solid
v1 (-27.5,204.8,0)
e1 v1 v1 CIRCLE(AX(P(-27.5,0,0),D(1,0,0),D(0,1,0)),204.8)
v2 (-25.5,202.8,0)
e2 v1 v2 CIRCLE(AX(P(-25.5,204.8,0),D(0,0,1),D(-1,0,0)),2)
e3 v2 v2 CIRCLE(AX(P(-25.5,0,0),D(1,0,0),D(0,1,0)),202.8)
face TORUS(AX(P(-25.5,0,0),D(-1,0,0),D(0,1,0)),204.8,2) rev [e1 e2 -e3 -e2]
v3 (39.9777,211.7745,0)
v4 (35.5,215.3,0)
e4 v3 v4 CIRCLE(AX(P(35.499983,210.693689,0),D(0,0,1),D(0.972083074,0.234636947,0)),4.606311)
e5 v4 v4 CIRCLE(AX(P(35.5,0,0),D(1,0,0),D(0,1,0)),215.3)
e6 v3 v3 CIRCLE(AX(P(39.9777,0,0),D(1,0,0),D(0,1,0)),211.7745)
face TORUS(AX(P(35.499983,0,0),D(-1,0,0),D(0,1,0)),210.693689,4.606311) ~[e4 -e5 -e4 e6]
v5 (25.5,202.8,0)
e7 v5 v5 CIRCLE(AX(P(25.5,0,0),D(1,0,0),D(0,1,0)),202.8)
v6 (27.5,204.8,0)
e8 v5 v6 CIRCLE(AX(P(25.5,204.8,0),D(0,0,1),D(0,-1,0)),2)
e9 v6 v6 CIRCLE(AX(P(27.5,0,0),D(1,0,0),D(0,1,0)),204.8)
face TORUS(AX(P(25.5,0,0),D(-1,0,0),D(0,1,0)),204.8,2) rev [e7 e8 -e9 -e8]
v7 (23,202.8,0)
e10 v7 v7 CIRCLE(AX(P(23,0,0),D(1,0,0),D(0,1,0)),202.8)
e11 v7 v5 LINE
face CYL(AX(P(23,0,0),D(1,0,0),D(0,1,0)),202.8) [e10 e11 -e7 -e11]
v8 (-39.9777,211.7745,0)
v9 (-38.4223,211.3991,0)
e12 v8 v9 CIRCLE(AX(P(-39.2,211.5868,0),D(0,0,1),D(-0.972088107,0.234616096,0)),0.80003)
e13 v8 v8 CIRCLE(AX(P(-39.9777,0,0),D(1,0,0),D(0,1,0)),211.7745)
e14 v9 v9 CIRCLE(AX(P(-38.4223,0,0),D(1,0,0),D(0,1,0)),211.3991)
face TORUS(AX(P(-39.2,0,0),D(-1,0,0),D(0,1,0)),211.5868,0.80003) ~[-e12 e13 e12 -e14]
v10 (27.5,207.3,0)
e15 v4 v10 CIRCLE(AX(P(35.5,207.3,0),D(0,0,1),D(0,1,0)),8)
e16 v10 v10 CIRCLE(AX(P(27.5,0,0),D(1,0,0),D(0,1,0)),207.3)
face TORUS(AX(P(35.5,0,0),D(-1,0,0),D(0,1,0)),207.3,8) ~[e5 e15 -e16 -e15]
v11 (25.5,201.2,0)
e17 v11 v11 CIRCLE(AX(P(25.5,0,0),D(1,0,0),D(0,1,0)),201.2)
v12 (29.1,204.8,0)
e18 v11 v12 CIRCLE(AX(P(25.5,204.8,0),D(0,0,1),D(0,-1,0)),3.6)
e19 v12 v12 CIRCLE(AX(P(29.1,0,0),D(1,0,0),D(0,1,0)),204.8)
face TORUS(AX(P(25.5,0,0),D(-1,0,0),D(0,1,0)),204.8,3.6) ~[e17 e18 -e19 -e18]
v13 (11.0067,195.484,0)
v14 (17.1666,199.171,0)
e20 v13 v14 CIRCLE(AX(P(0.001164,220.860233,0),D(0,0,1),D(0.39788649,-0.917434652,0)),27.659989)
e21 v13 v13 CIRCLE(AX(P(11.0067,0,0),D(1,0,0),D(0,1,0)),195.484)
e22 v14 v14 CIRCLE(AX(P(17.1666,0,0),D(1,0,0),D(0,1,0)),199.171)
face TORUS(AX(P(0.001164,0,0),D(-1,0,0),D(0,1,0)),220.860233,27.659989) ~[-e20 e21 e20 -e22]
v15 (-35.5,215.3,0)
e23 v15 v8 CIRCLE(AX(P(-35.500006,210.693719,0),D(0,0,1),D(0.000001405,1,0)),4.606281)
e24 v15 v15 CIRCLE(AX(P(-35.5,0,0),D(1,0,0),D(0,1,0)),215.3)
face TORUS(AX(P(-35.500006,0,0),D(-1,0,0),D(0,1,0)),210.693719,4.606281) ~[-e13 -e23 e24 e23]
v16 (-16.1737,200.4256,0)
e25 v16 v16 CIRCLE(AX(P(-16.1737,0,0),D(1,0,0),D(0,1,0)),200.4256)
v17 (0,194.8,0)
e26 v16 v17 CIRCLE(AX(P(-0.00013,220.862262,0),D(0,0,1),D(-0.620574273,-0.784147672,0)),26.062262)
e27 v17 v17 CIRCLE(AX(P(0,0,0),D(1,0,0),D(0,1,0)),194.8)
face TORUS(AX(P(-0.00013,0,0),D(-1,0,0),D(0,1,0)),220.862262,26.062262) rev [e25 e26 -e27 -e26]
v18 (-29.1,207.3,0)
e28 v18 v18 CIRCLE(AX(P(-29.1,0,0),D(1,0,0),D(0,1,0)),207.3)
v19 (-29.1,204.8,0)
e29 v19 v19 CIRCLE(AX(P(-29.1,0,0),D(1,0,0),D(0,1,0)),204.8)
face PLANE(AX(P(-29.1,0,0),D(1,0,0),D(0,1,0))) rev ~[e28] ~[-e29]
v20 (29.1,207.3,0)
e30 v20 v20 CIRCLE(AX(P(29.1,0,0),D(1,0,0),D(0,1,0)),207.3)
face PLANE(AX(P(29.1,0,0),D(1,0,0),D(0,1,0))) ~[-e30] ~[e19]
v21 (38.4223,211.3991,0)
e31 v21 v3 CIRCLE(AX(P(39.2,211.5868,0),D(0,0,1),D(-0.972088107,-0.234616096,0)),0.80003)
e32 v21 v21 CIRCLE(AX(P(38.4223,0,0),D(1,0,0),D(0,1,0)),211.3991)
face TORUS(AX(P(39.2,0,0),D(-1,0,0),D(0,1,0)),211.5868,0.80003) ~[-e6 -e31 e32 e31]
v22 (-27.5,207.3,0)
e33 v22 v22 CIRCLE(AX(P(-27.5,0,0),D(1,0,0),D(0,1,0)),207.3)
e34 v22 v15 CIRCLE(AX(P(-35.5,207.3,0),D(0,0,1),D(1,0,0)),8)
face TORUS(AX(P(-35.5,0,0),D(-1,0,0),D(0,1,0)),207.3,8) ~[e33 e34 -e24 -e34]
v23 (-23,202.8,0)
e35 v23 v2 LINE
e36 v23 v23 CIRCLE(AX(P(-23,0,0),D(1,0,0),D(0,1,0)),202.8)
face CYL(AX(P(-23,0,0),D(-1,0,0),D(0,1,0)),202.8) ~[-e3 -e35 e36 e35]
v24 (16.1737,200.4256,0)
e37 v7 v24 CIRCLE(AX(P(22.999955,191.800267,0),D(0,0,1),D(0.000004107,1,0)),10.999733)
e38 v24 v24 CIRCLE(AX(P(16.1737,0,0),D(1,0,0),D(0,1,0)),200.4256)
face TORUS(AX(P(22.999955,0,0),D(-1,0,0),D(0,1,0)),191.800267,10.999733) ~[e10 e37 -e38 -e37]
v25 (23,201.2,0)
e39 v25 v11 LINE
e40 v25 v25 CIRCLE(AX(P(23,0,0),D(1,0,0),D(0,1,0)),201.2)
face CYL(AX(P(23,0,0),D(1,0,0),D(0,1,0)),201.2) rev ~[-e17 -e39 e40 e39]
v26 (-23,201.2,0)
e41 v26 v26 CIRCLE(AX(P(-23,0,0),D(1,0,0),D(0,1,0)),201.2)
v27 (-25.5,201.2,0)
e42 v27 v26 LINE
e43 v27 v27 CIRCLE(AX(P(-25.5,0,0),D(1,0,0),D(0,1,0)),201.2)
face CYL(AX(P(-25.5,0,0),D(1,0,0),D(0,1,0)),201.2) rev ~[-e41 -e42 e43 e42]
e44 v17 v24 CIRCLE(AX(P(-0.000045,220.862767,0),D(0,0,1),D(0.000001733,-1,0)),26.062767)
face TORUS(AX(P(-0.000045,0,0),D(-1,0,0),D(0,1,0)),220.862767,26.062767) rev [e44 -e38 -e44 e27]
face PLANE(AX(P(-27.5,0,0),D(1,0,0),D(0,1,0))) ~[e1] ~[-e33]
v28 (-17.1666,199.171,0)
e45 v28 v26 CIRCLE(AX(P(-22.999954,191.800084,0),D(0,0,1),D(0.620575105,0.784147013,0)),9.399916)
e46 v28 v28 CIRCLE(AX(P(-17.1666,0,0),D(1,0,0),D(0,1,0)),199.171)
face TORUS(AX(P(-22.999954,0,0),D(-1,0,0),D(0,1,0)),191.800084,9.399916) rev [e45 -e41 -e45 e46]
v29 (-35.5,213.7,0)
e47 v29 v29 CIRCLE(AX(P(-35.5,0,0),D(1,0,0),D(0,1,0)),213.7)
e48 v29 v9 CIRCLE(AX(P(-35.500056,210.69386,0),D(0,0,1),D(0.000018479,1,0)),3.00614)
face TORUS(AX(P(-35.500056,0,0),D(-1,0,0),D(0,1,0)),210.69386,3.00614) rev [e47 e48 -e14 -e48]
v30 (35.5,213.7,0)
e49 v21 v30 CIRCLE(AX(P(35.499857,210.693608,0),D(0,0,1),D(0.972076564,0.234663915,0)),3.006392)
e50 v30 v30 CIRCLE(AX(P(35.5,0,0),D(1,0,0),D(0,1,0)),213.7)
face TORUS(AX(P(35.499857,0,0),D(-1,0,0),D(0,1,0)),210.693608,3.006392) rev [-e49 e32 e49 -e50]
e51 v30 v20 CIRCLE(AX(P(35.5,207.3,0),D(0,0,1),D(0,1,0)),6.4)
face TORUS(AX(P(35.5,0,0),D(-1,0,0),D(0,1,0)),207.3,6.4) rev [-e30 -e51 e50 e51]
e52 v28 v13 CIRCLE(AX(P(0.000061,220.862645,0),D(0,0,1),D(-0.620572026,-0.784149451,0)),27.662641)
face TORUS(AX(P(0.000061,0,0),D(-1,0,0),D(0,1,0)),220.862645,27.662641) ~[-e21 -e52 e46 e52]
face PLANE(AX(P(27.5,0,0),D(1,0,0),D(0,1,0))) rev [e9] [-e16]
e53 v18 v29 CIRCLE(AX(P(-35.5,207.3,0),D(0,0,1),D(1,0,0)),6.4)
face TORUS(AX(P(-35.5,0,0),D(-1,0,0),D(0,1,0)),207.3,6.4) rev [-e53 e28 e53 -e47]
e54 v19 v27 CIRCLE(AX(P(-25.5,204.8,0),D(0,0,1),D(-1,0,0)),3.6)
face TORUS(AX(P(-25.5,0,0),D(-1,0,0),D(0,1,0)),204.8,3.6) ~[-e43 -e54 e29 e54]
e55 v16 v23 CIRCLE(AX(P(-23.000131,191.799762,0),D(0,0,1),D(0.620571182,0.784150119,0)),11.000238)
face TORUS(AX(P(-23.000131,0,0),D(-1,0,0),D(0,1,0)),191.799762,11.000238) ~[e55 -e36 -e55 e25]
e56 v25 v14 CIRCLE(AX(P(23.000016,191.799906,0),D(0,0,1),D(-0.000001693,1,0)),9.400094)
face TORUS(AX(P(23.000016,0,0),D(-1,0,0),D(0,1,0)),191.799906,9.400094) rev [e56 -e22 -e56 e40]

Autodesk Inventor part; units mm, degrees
ref_plane "YZ Plane" through (0, 0, 0) normal (1, 0, 0) x (0, 1, 0)
ref_plane "XZ Plane" through (0, 0, 0) normal (0, 1, 0) x (-1, 0, 0)
ref_plane "XY Plane" through (0, 0, 0) normal (0, 0, 1) x (1, 0, 0)
sketch "Esquisse1" plane through (0, 0, 0) normal (0, 0, 1) x (1, 0, 0)
  arc A0 (-16.1737, 200.4256) -> (0, 194.8) centre (0, 220.8625) ccw
  arc A1 (-16.1737, 200.4256) -> (-23, 202.8) centre (-23, 191.8) ccw
  line L0 (-23, 202.8) -> (-25.5, 202.8)
  arc A2 (-27.5, 204.8) -> (-25.5, 202.8) centre (-25.5, 204.8) ccw
  line L1 (-27.5, 204.8) -> (-27.5, 207.3)
  arc A3 (-27.5, 207.3) -> (-35.5, 215.3) centre (-35.5, 207.3) ccw
  arc A4 (-35.5, 215.3) -> (-39.9777, 211.7745) centre (-35.5, 210.6937) ccw
  line L2 (-35.5, 207.3) -> (-35.5, 215.3) construction
  line L3 (0, -44.1725) -> (0, 265.035) construction
  arc A5 (0, 194.8) -> (16.1737, 200.4256) centre (0, 220.8625) ccw
  arc A6 (23, 202.8) -> (16.1737, 200.4256) centre (23, 191.8) ccw
  line L4 (23, 202.8) -> (25.5, 202.8)
  arc A7 (25.5, 202.8) -> (27.5, 204.8) centre (25.5, 204.8) ccw
  line L5 (27.5, 204.8) -> (27.5, 207.3)
  arc A8 (35.5, 215.3) -> (27.5, 207.3) centre (35.5, 207.3) ccw
  arc A9 (39.9777, 211.7745) -> (35.5, 215.3) centre (35.5, 210.6937) ccw
  line L6 (35.5, 207.3) -> (35.5, 215.3) construction
  arc A10 (-35.5, 213.7) -> (-38.4223, 211.3991) centre (-35.5, 210.6937) ccw
  arc A11 (-29.1, 207.3) -> (-35.5, 213.7) centre (-35.5, 207.3) ccw
  line L7 (-29.1, 207.3) -> (-29.1, 204.8)
  arc A12 (-29.1, 204.8) -> (-25.5, 201.2) centre (-25.5, 204.8) ccw
  line L8 (-25.5, 201.2) -> (-23, 201.2)
  arc A13 (-17.1666, 199.171) -> (-23, 201.2) centre (-23, 191.8) ccw
  arc A14 (-17.1666, 199.171) -> (11.0067, 195.484) centre (0, 220.8625) ccw
  arc A15 (11.0067, 195.484) -> (17.1666, 199.171) centre (0, 220.8625) ccw
  arc A16 (23, 201.2) -> (17.1666, 199.171) centre (23, 191.8) ccw
  line L9 (23, 201.2) -> (25.5, 201.2)
  arc A17 (25.5, 201.2) -> (29.1, 204.8) centre (25.5, 204.8) ccw
  line L10 (29.1, 204.8) -> (29.1, 207.3)
  arc A18 (35.5, 213.7) -> (29.1, 207.3) centre (35.5, 207.3) ccw
  arc A19 (38.4223, 211.3991) -> (35.5, 213.7) centre (35.5, 210.6937) ccw
  arc A20 (-39.9777, 211.7745) -> (-38.4223, 211.3991) centre (-39.2, 211.5868) ccw
  arc A21 (38.4223, 211.3991) -> (39.9777, 211.7745) centre (39.2, 211.5868) ccw
  line L11 (-56.8237, 0) -> (56.8237, 0) projected
  point P0 (0, 0)
  dimension "d0" = 202.8
  dimension "d3" = 2
  dimension "d5" = 8
  dimension "d6" = 4.5
  dimension "d8" = 8
  dimension "d13" = 4.5
  dimension "d16" = 1.6
  dimension "d19" = 12.5
  dimension "d20" = 12.5
  dimension "d21" = 4.6063
  dimension "d23" = 55
  dimension "d24" = 11
  dimension "d25" = 26.0625
revolve "Révolution1" add sketch "Esquisse1" angle 360 about axis through (-10, 0, 0) along (1, 0, 0)
properties part number "Rim"
